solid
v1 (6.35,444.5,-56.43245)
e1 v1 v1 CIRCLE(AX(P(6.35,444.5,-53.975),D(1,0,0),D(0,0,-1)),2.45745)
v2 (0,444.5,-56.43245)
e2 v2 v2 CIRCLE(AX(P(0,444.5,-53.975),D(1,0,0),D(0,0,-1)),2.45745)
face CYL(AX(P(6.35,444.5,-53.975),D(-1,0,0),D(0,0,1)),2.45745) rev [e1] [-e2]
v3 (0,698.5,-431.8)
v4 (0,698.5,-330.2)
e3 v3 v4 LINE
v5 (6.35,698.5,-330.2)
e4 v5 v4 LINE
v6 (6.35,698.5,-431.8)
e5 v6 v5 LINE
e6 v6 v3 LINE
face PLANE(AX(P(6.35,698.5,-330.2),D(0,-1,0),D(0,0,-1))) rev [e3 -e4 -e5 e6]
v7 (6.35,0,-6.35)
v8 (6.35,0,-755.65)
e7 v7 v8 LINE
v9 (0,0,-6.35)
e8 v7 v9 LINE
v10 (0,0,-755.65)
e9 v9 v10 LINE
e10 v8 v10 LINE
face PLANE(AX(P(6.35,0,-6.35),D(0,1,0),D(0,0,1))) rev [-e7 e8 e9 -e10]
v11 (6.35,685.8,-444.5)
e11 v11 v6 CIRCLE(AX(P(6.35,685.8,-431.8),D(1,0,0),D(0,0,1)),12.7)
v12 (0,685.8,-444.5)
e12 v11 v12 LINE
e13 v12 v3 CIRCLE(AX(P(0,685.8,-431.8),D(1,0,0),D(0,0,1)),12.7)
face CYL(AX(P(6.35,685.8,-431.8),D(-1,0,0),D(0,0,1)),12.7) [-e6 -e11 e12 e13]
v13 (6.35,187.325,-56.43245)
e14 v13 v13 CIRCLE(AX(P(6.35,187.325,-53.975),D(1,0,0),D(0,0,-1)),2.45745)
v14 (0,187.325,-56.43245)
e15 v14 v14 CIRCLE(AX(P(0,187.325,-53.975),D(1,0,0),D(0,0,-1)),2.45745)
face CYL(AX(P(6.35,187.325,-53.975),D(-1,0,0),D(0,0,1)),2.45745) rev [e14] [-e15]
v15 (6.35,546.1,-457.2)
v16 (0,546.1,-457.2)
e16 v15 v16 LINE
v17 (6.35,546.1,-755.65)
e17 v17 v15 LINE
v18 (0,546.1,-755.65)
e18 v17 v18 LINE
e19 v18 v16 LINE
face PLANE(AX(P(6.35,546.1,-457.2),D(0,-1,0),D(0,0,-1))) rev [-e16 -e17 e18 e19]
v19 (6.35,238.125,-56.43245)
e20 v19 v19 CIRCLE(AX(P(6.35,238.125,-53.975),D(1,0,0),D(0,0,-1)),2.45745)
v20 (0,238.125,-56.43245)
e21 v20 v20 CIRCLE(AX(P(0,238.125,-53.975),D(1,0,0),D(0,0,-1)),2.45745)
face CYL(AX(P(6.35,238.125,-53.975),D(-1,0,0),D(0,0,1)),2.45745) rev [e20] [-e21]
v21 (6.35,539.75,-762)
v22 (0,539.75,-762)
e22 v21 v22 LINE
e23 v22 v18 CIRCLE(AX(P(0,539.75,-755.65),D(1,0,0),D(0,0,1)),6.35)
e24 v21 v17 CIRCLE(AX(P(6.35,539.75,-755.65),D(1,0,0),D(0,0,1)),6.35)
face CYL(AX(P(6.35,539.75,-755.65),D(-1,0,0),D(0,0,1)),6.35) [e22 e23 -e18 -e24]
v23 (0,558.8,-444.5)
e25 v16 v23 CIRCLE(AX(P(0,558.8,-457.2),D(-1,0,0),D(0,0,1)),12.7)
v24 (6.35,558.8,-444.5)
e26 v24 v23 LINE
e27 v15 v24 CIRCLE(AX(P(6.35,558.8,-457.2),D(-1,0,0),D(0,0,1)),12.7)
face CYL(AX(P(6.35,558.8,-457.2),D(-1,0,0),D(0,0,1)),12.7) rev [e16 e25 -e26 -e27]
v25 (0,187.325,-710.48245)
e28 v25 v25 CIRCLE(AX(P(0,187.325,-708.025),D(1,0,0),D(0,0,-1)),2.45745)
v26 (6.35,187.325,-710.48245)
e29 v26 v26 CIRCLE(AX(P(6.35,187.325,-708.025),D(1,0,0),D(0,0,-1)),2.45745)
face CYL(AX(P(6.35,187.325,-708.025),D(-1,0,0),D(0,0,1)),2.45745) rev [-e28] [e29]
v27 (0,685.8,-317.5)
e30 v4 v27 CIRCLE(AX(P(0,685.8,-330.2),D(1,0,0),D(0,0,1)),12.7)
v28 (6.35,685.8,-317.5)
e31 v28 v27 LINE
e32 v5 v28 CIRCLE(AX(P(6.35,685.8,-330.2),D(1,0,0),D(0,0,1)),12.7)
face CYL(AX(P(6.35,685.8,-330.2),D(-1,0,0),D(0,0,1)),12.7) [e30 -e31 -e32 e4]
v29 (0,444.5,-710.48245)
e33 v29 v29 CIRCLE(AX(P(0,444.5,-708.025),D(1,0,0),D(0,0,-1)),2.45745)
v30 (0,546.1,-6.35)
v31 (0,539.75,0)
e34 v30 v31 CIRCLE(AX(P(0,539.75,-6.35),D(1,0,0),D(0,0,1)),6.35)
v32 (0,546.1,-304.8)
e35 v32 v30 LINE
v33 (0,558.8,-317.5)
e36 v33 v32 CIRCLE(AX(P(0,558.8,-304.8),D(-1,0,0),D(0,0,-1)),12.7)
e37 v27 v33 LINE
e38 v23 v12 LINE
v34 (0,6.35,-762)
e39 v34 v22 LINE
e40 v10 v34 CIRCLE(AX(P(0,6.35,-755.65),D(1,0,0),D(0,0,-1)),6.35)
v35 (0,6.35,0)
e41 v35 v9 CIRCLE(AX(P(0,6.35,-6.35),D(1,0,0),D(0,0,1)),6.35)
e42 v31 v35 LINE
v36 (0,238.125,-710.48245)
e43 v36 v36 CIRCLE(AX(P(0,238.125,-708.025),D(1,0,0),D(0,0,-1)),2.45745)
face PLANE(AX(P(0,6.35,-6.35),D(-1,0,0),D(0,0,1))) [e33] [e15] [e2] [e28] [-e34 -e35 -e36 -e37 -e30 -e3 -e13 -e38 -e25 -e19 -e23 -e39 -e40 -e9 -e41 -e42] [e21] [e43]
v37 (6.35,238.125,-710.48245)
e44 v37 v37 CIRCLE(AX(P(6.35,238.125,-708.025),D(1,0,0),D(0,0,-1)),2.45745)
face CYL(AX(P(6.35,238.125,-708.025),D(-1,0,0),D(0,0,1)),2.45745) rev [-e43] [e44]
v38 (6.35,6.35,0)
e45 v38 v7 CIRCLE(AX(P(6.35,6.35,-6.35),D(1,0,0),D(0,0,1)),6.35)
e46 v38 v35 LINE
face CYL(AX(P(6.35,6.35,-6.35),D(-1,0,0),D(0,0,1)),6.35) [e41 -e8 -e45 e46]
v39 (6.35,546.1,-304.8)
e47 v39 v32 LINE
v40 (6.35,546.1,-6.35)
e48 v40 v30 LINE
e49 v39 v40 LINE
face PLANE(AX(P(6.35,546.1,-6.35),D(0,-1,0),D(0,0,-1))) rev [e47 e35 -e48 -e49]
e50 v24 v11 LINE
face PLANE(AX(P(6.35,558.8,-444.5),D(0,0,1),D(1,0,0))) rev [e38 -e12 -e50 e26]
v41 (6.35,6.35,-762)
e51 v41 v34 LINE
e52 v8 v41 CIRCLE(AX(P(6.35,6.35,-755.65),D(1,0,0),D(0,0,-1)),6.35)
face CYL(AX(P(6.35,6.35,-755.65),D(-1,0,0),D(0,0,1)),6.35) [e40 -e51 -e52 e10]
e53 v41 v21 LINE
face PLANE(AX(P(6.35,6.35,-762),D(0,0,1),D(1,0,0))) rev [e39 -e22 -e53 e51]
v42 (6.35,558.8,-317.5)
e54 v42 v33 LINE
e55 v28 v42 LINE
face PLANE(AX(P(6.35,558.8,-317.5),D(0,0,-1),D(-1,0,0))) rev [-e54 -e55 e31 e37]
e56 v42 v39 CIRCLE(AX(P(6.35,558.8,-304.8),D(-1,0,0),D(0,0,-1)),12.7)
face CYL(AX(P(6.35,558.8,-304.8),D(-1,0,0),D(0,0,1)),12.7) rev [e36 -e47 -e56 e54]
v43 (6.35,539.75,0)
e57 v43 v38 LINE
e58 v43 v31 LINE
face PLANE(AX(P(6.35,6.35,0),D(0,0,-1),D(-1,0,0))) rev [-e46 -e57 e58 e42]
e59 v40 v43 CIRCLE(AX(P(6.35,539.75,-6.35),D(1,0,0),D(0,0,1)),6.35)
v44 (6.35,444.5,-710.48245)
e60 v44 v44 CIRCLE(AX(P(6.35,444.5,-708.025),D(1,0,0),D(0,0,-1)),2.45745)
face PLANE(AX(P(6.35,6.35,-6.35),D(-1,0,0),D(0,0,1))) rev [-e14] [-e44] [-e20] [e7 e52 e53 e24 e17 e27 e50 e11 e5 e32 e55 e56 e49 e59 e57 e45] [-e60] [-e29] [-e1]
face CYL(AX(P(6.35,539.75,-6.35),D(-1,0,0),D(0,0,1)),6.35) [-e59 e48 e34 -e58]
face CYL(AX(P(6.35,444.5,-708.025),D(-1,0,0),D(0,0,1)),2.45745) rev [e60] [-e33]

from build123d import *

# Parameters (mm, degrees)
SKETCH1_R           = 2.45745
BOSS_EXTRUDE1_DEPTH = 6.35


with BuildPart() as part:
    # Sketch1 → Boss-Extrude1 (new body)
    with BuildSketch(Plane(origin=(0, 0, 0), x_dir=(0, 0, -1), z_dir=(1, 0, 0))):
        with BuildLine():
            Line((457.2, 546.1), (755.65, 546.1))
            ThreePointArc((755.65, 546.1), (760.140128061, 544.240128061), (762, 539.75))
            Line((762, 539.75), (762, 6.35))
            ThreePointArc((762, 6.35), (760.140128061, 1.859871939), (755.65, 0))
            Line((755.65, 0), (6.35, 0))
            ThreePointArc((6.35, 0), (1.859871939, 1.859871939), (0, 6.35))
            Line((0, 6.35), (0, 539.75))
            ThreePointArc((0, 539.75), (1.859871939, 544.240128061), (6.35, 546.1))
            Line((6.35, 546.1), (304.8, 546.1))
            ThreePointArc((304.8, 546.1), (313.780256121, 549.819743879), (317.5, 558.8))
            Line((317.5, 558.8), (317.5, 685.8))
            ThreePointArc((317.5, 685.8), (321.219743879, 694.780256121), (330.2, 698.5))
            Line((330.2, 698.5), (431.8, 698.5))
            ThreePointArc((431.8, 698.5), (440.780256121, 694.780256121), (444.5, 685.8))
            Line((444.5, 685.8), (444.5, 558.8))
            ThreePointArc((444.5, 558.8), (448.219743879, 549.819743879), (457.2, 546.1))
        make_face()
        with Locations((53.975, 444.5)):
            Circle(SKETCH1_R, mode=Mode.SUBTRACT)
        with Locations((708.025, 444.5)):
            Circle(SKETCH1_R, mode=Mode.SUBTRACT)
        with Locations((708.025, 238.125)):
            Circle(SKETCH1_R, mode=Mode.SUBTRACT)
        with Locations((53.975, 238.125)):
            Circle(SKETCH1_R, mode=Mode.SUBTRACT)
        with Locations((53.975, 187.325)):
            Circle(SKETCH1_R, mode=Mode.SUBTRACT)
        with Locations((708.025, 187.325)):
            Circle(SKETCH1_R, mode=Mode.SUBTRACT)
    extrude(amount=BOSS_EXTRUDE1_DEPTH)


solid = part.part
